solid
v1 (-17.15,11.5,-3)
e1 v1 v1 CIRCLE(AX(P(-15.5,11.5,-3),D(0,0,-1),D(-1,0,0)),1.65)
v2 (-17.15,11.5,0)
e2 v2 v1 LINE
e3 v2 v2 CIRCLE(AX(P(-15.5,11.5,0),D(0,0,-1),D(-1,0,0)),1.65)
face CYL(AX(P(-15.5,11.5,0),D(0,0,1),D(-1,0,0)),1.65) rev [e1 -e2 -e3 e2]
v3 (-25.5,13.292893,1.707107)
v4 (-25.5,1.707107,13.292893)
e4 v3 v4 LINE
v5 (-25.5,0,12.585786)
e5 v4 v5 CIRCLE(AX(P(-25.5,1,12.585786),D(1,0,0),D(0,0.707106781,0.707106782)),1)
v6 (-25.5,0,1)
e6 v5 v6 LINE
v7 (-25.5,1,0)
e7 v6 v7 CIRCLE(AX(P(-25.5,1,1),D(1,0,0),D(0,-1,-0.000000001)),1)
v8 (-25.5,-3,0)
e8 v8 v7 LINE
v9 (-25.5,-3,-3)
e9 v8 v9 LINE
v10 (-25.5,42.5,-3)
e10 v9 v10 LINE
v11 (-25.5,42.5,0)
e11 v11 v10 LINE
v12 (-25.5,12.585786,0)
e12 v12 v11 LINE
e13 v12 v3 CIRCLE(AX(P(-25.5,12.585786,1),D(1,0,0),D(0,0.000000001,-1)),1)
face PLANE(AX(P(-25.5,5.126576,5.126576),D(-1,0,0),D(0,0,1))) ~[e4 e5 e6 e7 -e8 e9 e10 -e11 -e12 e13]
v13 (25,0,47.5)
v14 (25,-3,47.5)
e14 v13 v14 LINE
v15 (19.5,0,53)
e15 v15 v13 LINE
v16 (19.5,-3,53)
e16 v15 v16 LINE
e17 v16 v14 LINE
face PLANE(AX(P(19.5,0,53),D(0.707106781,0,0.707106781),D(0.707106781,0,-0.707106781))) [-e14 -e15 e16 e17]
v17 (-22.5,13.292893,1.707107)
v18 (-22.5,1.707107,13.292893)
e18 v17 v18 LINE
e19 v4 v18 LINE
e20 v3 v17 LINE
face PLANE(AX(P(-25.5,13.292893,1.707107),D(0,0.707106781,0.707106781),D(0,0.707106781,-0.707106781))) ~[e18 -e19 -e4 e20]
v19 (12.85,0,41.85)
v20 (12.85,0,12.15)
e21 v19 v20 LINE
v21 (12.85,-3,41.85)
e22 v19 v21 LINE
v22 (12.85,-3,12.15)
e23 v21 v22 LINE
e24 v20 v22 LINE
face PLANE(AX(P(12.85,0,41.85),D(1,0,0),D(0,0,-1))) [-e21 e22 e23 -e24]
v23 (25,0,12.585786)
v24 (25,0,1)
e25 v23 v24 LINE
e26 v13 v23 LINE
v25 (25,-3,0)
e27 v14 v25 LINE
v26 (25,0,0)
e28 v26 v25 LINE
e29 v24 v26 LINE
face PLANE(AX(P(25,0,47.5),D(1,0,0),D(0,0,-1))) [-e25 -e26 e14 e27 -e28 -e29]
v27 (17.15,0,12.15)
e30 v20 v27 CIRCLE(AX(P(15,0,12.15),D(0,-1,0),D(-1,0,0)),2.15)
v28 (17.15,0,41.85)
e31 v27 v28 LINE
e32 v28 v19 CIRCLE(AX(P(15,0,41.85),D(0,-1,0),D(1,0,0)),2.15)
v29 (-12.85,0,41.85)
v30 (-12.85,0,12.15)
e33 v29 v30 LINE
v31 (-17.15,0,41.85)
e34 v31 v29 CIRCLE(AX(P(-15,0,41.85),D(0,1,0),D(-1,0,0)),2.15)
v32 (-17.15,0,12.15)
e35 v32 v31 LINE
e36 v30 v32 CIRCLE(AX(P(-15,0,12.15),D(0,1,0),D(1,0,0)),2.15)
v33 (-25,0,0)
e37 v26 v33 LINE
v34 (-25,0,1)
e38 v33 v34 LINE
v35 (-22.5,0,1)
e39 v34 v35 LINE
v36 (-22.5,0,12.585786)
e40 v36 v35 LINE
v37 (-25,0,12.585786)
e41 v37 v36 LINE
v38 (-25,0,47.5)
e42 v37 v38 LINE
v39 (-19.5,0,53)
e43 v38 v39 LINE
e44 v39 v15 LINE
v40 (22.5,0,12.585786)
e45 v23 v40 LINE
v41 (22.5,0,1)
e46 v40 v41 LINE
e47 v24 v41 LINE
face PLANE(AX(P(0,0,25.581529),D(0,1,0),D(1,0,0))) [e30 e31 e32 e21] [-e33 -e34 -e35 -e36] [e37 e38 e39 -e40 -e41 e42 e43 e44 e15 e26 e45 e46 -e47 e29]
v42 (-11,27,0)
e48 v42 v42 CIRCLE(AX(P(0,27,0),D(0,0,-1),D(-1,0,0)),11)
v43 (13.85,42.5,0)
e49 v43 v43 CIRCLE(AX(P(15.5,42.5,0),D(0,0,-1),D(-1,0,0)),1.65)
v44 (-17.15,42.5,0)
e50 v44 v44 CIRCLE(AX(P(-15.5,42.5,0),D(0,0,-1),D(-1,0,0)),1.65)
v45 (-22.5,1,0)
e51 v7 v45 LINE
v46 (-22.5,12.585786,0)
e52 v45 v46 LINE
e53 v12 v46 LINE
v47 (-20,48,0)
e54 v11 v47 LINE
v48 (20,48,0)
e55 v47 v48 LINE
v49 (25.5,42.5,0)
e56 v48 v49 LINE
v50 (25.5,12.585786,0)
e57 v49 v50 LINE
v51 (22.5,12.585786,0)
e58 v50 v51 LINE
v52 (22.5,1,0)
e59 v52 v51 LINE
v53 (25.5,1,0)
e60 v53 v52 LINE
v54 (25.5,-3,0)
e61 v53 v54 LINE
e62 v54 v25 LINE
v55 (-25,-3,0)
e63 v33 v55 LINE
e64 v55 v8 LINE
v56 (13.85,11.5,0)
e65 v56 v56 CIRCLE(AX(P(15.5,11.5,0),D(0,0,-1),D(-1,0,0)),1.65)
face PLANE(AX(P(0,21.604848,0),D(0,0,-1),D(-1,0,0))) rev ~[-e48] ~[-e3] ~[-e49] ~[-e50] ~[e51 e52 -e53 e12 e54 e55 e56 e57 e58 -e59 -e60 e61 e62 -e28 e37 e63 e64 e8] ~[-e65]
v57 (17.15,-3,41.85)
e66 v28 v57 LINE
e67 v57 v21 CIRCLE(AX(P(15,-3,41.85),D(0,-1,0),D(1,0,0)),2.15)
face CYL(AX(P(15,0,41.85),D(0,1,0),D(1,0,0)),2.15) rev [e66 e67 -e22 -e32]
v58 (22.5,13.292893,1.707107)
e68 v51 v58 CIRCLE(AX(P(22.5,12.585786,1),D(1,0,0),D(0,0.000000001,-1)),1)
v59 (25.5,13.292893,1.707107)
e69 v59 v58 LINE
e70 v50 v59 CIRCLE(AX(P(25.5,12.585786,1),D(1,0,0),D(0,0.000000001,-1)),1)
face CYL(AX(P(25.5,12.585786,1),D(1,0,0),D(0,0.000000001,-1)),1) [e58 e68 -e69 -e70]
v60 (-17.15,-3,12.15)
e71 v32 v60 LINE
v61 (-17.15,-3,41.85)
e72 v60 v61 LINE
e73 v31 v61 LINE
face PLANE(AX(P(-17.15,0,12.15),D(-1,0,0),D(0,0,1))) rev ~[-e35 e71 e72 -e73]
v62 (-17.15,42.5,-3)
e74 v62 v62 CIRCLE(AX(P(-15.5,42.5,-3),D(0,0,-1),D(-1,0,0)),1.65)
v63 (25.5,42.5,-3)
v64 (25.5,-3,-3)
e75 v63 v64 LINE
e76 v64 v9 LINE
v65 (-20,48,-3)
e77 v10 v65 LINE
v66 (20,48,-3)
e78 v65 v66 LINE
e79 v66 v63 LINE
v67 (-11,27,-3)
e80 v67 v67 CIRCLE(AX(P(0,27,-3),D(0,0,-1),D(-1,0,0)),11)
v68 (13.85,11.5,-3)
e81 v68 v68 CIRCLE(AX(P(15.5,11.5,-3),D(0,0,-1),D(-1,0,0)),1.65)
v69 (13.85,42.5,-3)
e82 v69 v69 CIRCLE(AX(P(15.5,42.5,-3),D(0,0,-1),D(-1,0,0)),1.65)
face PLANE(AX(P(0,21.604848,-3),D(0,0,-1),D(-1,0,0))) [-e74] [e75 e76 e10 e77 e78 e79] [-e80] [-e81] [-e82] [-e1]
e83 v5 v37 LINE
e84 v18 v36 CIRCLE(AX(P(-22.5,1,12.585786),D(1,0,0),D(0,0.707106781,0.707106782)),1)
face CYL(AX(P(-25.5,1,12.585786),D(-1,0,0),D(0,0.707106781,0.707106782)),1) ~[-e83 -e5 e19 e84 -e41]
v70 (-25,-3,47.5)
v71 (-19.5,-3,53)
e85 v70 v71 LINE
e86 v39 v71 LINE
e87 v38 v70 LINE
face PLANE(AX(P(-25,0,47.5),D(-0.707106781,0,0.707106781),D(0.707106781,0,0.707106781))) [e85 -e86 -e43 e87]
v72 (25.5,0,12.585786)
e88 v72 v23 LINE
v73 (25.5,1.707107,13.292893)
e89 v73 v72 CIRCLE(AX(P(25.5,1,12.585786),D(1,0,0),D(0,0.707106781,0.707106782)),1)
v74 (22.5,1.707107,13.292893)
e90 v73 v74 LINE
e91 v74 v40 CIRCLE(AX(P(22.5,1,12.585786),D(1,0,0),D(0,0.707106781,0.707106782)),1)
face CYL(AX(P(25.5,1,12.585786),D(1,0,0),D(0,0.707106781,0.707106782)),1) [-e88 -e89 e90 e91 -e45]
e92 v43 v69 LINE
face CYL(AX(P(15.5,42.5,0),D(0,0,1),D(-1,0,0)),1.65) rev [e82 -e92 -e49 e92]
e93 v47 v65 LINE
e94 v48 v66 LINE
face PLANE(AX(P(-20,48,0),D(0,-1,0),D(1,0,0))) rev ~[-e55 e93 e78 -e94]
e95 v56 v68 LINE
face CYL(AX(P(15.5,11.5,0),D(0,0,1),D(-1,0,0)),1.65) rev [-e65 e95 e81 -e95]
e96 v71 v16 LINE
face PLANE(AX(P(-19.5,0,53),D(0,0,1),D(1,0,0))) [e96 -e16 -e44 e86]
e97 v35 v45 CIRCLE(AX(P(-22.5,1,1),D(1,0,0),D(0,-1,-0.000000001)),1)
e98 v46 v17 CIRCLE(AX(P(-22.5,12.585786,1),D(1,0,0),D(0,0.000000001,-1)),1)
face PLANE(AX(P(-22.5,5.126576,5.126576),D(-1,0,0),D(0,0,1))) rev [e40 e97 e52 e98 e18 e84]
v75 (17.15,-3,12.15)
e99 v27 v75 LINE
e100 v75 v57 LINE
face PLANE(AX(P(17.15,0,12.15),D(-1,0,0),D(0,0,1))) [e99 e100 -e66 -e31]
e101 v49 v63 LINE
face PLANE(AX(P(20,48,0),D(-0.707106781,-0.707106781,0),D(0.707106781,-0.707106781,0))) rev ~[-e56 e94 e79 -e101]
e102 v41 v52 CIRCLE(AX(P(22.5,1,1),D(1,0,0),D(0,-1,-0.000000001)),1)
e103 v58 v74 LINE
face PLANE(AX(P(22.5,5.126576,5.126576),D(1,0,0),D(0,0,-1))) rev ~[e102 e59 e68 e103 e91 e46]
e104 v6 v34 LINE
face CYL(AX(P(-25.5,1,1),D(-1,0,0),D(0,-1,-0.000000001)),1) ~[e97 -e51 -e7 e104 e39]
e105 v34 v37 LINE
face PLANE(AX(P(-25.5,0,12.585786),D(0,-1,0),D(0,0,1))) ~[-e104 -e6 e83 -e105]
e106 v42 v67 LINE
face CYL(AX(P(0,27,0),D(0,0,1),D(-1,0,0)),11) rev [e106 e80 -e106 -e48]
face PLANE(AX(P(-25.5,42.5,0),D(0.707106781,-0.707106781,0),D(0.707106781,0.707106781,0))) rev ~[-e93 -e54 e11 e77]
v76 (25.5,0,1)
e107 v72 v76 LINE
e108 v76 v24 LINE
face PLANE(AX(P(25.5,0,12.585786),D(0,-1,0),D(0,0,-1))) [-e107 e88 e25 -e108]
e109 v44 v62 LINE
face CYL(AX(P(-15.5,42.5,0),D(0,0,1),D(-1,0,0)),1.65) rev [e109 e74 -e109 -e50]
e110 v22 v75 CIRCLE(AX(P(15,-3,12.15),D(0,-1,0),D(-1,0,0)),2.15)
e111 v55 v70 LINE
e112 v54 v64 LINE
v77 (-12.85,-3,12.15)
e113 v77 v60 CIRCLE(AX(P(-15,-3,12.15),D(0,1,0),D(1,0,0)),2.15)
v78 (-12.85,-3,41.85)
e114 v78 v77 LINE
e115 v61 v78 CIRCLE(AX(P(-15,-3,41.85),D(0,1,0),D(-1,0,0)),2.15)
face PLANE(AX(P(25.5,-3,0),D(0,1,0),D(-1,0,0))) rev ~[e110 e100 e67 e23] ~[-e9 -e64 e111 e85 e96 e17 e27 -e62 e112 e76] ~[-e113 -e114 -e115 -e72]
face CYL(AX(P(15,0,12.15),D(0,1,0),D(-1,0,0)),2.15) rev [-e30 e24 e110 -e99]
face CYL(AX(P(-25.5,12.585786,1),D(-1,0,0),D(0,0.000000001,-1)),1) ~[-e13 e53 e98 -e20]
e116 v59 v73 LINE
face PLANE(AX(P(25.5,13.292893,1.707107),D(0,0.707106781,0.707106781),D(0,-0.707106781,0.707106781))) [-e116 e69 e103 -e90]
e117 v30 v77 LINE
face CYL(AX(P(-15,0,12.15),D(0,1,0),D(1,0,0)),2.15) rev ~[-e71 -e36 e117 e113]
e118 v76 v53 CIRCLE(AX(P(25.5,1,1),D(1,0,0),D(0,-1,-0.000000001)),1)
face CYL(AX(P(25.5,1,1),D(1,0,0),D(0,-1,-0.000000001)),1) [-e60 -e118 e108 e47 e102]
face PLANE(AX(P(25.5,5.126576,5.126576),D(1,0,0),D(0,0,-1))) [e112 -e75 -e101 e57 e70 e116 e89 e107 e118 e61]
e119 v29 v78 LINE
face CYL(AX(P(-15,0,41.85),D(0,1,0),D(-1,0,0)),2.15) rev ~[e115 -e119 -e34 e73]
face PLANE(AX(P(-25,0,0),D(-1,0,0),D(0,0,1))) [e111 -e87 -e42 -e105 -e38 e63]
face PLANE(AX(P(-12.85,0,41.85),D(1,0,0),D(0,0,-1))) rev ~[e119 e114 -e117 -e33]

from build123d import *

# Parameters (mm, degrees)
EXTRUDE_1_DEPTH = 3
SKETCH_2_R      = 11
SKETCH_2_R_2    = 1.65
EXTRUDE_2_DEPTH = 3
EXTRUDE_3_DEPTH = 3


with BuildPart() as part:
    # 草图1 → 凸台-拉伸1 (new body)
    with BuildSketch(Plane(origin=(0, 0, 0), x_dir=(1, 0, 0), z_dir=(0, 1, 0))):
        Polygon((19.5, -53), (25, -47.5), (25, 0), (-25, 0), (-25, -47.5), (-19.5, -53), align=None)
        with BuildLine():
            Line((17.15, -12.15), (17.15, -41.85))
            ThreePointArc((17.15, -41.85), (15, -44), (12.85, -41.85))
            Line((12.85, -41.85), (12.85, -12.15))
            ThreePointArc((12.85, -12.15), (15, -10), (17.15, -12.15))
        make_face(mode=Mode.SUBTRACT)
        with BuildLine():
            Line((-17.15, -12.15), (-17.15, -41.85))
            ThreePointArc((-17.15, -41.85), (-15, -44), (-12.85, -41.85))
            Line((-12.85, -41.85), (-12.85, -12.15))
            ThreePointArc((-12.85, -12.15), (-15, -10), (-17.15, -12.15))
        make_face(mode=Mode.SUBTRACT)
    extrude(amount=-EXTRUDE_1_DEPTH)

    # 草图2 → 凸台-拉伸2 (add)
    with BuildSketch(Plane(origin=(0, 0, 0), x_dir=(-1, 0, 0), z_dir=(0, 0, -1))):
        Polygon((-25.5, -3), (25.5, -3), (25.5, 42.5), (20, 48), (-20, 48), (-25.5, 42.5), align=None)
        with Locations((0, 27)):
            Circle(SKETCH_2_R, mode=Mode.SUBTRACT)
        with Locations((-15.5, 42.5)):
            Circle(SKETCH_2_R_2, mode=Mode.SUBTRACT)
        with Locations((-15.5, 11.5)):
            Circle(SKETCH_2_R_2, mode=Mode.SUBTRACT)
        with Locations((15.5, 11.5)):
            Circle(SKETCH_2_R_2, mode=Mode.SUBTRACT)
        with Locations((15.5, 42.5)):
            Circle(SKETCH_2_R_2, mode=Mode.SUBTRACT)
    extrude(amount=EXTRUDE_2_DEPTH)

    # 草图4 → 凸台-拉伸3 (add)
    with BuildSketch(Plane(origin=(25.5, 0, 0), x_dir=(0, 0, -1), z_dir=(1, 0, 0))):
        with BuildLine():
            Line((-1.707106781, 13.292893219), (-13.292893219, 1.707106781))
            ThreePointArc((-13.292893219, 1.707106781), (-13.50966597, 0.617316568), (-12.585786438, 0))
            Line((-12.585786438, 0), (-1, 0))
            ThreePointArc((-1, 0), (-0.292893219, 0.292893219), (0, 1))
            Line((0, 1), (0, 12.585786438))
            ThreePointArc((0, 12.585786438), (-0.617316568, 13.50966597), (-1.707106781, 13.292893219))
        make_face()
    extrude_3 = extrude(amount=-EXTRUDE_3_DEPTH)

    # 镜向1: 凸台-拉伸3 across plane
    add(extrude_3.mirror(Plane(origin=(0, 0, 0), x_dir=(0, 0, 1), z_dir=(1, 0, 0))))


solid = part.part
